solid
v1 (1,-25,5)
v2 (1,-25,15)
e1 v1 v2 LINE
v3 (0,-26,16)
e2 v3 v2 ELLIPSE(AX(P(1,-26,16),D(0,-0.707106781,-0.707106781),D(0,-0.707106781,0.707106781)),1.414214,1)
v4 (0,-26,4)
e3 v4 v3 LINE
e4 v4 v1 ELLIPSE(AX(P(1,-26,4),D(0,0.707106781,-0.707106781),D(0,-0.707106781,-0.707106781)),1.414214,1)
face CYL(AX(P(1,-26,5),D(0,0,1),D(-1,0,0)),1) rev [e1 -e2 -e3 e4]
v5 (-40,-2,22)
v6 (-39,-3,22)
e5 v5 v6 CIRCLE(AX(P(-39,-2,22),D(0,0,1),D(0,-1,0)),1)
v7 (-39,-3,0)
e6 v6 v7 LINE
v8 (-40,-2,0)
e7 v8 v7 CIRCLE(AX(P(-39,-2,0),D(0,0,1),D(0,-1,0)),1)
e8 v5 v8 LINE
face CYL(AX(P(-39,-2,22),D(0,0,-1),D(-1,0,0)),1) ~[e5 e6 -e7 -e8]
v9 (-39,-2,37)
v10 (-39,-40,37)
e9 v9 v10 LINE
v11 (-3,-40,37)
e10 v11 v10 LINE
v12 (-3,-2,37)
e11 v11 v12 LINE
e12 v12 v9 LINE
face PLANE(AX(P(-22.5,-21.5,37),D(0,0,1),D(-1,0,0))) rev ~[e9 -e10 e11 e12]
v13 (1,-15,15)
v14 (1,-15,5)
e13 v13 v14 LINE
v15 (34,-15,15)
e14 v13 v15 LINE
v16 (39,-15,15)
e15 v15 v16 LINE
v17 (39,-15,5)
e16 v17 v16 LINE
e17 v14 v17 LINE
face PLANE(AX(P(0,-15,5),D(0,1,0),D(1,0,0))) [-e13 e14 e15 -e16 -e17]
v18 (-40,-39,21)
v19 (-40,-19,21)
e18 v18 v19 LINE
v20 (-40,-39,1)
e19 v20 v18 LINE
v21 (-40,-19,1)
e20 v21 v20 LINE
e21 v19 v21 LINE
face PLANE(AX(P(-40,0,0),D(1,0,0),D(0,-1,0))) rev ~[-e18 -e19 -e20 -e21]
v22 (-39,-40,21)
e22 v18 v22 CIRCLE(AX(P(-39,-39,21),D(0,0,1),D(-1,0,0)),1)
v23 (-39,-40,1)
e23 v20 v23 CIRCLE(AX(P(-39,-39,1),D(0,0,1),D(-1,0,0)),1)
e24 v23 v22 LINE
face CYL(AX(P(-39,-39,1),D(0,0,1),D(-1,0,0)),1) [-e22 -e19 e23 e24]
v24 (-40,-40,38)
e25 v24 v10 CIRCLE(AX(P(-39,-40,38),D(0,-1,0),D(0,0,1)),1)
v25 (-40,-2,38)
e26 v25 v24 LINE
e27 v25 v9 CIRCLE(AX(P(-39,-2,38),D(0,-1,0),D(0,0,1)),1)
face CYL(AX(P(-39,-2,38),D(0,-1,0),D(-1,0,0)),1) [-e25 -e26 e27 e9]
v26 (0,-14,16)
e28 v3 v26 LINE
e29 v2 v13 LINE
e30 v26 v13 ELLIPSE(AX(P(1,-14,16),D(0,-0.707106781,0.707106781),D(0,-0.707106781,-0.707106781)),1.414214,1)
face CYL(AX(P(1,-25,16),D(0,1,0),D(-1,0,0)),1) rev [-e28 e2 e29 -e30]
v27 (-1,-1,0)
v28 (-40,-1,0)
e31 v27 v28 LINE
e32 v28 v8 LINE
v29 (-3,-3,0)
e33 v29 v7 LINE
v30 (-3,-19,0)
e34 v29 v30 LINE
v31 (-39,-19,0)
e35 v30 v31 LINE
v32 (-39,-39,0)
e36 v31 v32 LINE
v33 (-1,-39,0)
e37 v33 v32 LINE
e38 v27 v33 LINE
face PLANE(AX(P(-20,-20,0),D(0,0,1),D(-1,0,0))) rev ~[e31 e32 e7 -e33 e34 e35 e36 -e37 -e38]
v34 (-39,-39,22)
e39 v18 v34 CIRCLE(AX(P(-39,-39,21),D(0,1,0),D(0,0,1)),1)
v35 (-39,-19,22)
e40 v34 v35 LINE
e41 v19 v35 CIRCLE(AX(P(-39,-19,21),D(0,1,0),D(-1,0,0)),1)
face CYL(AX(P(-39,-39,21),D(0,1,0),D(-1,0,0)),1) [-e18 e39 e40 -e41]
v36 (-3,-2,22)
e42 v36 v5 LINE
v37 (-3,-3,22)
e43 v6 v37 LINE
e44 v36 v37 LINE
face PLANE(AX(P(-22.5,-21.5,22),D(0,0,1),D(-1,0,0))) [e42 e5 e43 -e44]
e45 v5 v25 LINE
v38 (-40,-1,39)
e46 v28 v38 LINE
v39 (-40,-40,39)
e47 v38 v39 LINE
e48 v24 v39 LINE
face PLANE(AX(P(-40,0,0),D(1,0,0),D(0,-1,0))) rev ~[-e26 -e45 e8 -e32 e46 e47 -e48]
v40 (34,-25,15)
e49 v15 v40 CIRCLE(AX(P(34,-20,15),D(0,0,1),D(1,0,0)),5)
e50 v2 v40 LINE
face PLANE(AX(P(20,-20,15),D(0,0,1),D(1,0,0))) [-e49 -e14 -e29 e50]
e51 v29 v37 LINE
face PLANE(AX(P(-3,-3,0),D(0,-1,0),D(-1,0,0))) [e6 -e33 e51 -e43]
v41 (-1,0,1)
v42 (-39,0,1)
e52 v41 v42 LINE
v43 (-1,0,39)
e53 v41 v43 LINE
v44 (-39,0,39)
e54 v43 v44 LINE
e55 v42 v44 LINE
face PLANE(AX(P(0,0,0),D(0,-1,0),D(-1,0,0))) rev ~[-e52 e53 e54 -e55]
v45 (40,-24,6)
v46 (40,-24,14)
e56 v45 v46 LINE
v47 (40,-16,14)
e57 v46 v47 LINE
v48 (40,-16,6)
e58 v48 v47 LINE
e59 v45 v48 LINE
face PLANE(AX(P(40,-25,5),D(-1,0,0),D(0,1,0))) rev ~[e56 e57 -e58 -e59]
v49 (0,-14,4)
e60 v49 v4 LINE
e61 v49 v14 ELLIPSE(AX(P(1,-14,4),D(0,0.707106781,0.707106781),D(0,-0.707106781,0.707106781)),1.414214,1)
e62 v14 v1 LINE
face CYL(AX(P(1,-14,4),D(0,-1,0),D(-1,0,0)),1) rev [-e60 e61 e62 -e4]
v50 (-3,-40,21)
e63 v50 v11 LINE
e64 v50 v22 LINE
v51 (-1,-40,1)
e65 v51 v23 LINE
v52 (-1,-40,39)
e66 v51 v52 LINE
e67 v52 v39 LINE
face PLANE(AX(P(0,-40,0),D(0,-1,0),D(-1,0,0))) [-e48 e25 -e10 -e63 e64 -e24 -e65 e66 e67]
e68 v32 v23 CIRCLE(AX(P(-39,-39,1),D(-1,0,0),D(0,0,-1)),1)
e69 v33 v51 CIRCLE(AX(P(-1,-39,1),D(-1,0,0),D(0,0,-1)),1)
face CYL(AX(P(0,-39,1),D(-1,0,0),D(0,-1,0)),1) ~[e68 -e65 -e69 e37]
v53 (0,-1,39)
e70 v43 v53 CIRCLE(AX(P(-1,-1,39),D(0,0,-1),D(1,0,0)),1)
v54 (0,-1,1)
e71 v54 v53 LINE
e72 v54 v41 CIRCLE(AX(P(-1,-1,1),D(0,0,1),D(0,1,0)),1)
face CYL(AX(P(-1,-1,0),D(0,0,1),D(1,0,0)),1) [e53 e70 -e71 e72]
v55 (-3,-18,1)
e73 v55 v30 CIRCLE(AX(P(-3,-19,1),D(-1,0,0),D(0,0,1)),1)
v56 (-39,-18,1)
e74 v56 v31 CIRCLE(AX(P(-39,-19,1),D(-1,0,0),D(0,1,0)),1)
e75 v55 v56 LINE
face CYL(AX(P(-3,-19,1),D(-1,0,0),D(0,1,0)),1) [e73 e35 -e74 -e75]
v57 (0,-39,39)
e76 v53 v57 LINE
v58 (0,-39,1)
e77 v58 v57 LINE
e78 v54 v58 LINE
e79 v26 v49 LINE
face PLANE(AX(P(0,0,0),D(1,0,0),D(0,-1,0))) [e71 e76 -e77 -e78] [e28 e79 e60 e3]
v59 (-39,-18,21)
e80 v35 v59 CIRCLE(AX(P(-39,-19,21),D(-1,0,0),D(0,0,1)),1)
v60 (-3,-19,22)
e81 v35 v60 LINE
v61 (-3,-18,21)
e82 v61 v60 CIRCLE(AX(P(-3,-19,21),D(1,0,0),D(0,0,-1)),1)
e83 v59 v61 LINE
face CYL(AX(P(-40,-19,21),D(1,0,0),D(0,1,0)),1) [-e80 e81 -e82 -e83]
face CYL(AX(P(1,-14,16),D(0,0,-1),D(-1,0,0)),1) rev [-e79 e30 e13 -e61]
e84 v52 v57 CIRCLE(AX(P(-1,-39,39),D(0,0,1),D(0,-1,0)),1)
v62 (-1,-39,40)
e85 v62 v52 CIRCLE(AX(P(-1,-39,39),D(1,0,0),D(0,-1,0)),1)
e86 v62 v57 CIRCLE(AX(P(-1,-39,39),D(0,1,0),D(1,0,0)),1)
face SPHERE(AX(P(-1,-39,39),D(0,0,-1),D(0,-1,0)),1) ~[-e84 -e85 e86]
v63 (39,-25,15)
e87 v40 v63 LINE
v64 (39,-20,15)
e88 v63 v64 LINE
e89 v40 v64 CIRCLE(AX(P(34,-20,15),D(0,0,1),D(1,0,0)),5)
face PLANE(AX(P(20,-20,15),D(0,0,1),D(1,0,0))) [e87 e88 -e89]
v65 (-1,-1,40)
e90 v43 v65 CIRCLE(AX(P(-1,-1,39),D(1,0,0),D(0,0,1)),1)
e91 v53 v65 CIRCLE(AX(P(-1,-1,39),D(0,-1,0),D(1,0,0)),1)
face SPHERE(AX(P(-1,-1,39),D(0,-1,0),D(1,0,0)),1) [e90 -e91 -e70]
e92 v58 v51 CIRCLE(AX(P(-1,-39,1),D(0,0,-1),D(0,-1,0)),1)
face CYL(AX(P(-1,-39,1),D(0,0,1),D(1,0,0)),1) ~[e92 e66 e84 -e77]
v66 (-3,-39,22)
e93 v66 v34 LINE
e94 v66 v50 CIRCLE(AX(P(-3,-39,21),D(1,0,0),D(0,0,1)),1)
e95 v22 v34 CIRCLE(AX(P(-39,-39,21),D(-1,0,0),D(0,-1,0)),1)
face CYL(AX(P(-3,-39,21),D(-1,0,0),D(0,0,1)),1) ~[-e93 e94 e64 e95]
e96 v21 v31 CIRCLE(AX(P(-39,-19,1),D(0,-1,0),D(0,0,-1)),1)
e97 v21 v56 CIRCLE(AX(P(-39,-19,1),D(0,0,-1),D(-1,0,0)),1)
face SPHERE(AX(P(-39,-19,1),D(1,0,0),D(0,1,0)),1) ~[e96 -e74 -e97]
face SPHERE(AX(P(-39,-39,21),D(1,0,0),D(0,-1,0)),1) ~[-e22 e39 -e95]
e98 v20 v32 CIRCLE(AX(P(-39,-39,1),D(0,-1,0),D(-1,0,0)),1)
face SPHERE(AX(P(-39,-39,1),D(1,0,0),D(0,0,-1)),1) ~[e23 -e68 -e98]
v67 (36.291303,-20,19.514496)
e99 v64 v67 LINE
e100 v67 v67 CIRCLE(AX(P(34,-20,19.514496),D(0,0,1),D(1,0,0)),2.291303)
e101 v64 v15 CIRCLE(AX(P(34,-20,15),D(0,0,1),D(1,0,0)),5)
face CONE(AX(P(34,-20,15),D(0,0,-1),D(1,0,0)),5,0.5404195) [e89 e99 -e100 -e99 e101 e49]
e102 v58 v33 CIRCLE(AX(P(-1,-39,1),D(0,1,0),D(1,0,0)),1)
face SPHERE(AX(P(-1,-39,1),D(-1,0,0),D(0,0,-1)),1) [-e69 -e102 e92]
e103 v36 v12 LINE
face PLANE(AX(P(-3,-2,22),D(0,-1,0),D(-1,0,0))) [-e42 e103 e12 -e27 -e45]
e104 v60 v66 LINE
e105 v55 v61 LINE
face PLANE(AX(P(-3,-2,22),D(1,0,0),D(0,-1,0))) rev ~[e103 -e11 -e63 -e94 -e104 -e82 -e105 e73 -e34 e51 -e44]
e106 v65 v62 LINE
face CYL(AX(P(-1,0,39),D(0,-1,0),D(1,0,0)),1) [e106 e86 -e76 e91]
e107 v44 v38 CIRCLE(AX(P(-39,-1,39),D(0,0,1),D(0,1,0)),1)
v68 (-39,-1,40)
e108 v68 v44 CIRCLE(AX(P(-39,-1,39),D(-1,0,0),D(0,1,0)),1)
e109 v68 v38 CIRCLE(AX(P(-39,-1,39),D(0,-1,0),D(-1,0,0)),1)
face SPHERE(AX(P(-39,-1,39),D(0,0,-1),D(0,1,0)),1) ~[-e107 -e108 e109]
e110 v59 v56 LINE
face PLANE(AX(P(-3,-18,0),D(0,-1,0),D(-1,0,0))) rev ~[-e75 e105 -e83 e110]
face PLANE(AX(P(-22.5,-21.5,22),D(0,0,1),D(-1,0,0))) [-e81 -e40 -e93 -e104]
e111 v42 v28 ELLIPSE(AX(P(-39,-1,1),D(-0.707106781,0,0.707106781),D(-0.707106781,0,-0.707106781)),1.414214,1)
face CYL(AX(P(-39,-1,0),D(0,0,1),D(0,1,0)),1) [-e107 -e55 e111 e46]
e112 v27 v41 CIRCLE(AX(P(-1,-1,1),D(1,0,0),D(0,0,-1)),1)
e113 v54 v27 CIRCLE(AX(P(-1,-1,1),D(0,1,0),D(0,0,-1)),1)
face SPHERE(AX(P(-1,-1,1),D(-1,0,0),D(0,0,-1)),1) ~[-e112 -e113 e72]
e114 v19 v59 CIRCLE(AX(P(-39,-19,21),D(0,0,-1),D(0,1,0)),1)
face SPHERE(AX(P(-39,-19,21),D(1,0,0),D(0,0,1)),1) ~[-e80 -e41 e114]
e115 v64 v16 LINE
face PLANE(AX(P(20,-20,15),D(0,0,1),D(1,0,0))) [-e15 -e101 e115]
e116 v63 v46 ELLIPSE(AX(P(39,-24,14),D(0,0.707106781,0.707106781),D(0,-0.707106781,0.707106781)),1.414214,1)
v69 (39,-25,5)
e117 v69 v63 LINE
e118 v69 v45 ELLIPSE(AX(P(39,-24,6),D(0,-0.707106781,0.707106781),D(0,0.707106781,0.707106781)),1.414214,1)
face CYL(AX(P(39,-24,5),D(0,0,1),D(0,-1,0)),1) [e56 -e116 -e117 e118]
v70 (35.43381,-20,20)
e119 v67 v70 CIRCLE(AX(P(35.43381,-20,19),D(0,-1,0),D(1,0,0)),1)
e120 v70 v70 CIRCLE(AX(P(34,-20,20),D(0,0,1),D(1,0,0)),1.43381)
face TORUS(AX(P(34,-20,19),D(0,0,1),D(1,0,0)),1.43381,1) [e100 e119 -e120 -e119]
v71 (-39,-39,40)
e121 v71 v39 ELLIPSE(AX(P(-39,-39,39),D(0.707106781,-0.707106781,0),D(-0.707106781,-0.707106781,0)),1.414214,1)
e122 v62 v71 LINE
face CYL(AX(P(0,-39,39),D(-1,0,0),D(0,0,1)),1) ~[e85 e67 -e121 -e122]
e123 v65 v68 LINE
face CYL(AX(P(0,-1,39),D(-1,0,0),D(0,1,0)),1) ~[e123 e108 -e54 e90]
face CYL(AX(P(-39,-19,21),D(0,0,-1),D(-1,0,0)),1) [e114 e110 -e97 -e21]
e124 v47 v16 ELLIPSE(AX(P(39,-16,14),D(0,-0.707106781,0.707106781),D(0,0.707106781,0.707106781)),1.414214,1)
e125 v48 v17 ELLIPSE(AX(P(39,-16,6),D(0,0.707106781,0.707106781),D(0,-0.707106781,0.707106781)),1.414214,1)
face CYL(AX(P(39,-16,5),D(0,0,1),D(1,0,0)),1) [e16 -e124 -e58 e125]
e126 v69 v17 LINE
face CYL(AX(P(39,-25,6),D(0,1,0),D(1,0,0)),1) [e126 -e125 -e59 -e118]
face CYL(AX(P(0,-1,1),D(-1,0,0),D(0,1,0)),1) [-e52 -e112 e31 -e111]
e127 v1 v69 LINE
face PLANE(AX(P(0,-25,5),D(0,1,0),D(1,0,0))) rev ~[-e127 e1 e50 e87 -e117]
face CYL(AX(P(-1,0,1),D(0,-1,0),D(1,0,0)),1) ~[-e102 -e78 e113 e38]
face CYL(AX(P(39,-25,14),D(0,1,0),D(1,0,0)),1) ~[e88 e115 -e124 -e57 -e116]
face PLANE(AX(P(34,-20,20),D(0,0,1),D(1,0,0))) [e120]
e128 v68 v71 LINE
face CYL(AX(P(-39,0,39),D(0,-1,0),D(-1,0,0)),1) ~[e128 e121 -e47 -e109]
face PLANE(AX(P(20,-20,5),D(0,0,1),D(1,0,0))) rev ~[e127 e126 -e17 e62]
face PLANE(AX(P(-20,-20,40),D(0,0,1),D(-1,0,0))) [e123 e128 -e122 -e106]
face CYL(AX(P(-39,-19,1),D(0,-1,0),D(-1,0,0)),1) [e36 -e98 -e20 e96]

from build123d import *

# Parameters (mm, degrees)
FILLET008_R               = 1
BOX003_W                  = 40
BOX003_H                  = 10
BOX003_DEPTH              = 10
FILLET007_R               = 1
BOX002_W                  = 39
BOX002_H                  = 15
BOX002_DEPTH              = 37
BOX001_W                  = 39
BOX001_H                  = 39
BOX001_DEPTH              = 15
BOX_W                     = 40
BOX_H                     = 40
BOX_DEPTH                 = 40
FILLET_R                  = 1
FILLET001_R               = 1
FILLET002_R               = 1
FILLET003_R               = 1
FILLET004_R               = 1
FILLET005_R               = 1
FILLET006_R               = 1
FILLET006_PLACEMENT_ANGLE = 180
FILLET009_R               = 1
FILLET010_R               = 1
FILLET011_R               = 1
FILLET012_R               = 1


with BuildPart() as fillet008:
    # Cone → Cone (revolve)
    with BuildSketch(Plane(origin=(35, -20, 15), x_dir=(1, 0, 0), z_dir=(0, -1, 0))):
        Polygon((0, 0), (5, 0), (2, 5), (0, 5), align=None)
    revolve(axis=Axis((35, -20, 15), (0, 0, 1)))

    # Fillet008
    fillet008_edges = [fillet008.edges().sort_by_distance(p)[0] for p in [
        (33, -20, 20),
    ]]
    fillet(fillet008_edges, radius=FILLET008_R)


with BuildPart() as fillet008_1:
    # Fillet008 placement: moved
    add(fillet008.part.moved(Location((-1, 0, 0))))


with BuildPart() as fillet007:
    # Box003 → Box003 (new body)
    with BuildSketch(Plane(origin=(0, -25, 5), x_dir=(1, 0, 0), z_dir=(0, 0, 1))):
        with Locations((20, 5)):
            Rectangle(BOX003_W, BOX003_H)
    extrude(amount=BOX003_DEPTH)

    # Fillet007
    fillet007_edges = [fillet007.edges().sort_by_distance(p)[0] for p in [
        (40, -25, 10),
        (40, -20, 15),
        (40, -15, 10),
        (40, -20, 5),
    ]]
    fillet(fillet007_edges, radius=FILLET007_R)


with BuildPart() as cube002:
    # Box002 → Box002 (new body)
    with BuildSketch(Plane(origin=(3, 3, 0), x_dir=(1, 0, 0), z_dir=(0, 0, 1))):
        with Locations((19.5, 7.5)):
            Rectangle(BOX002_W, BOX002_H)
    extrude(amount=BOX002_DEPTH)


with BuildPart() as cube001:
    # Box001 → Box001 (new body)
    with BuildSketch(Plane(origin=(3, 2, 22), x_dir=(1, 0, 0), z_dir=(0, 0, 1))):
        with Locations((19.5, 19.5)):
            Rectangle(BOX001_W, BOX001_H)
    extrude(amount=BOX001_DEPTH)


with BuildPart() as fusion001:
    # Box → Box (new body)
    with BuildSketch(Plane.XY):
        with Locations((20, 20)):
            Rectangle(BOX_W, BOX_H)
    extrude(amount=BOX_DEPTH)

    # Cut: cut Cube001
    add(cube001.part, mode=Mode.SUBTRACT)

    # Cut001: cut Cube002
    add(cube002.part, mode=Mode.SUBTRACT)

    # Fillet
    fillet_edges = [fusion001.edges().sort_by_distance(p)[0] for p in [
        (21.5, 18, 22),
    ]]
    fillet(fillet_edges, radius=FILLET_R)

    # Fillet001
    fillet001_edges = [fusion001.edges().sort_by_distance(p)[0] for p in [
        (21.5, 18, 0),
    ]]
    fillet(fillet001_edges, radius=FILLET001_R)

    # Fillet002
    fillet002_edges = [fusion001.edges().sort_by_distance(p)[0] for p in [
        (20, 40, 0),
        (21.5, 40, 22),
    ]]
    fillet(fillet002_edges, radius=FILLET002_R)

    # Fillet003
    fillet003_edges = [fusion001.edges().sort_by_distance(p)[0] for p in [
        (20, 0, 0),
        (0, 40, 20.5),
        (20, 40, 40),
        (0, 20, 40),
        (0, 0, 20),
        (40, 0, 20),
        (20, 0, 40),
        (40, 20, 40),
    ]]
    fillet(fillet003_edges, radius=FILLET003_R)

    # Fillet004
    fillet004_edges = [fusion001.edges().sort_by_distance(p)[0] for p in [
        (40, 3, 11),
    ]]
    fillet(fillet004_edges, radius=FILLET004_R)

    # Fillet005
    fillet005_edges = [fusion001.edges().sort_by_distance(p)[0] for p in [
        (40, 21, 37),
    ]]
    fillet(fillet005_edges, radius=FILLET005_R)

    # Fillet006
    fillet006_edges = [fusion001.edges().sort_by_distance(p)[0] for p in [
        (40, 40, 11),
        (40, 29, 0),
        (40, 29, 22),
        (40, 18, 11),
    ]]
    fillet(fillet006_edges, radius=FILLET006_R)


with BuildPart() as fusion001_1:
    # Fillet006 placement: moved
    add(fusion001.part.rotate(Axis((0, 0, 0), (0, 0, 1)), FILLET006_PLACEMENT_ANGLE))

    # Fusion: union Fillet007
    add(fillet007.part)

    # Fillet009
    fillet009_edges = [fusion001_1.edges().sort_by_distance(p)[0] for p in [
        (0, -20, 15),
    ]]
    fillet(fillet009_edges, radius=FILLET009_R)

    # Fillet010
    fillet010_edges = [fusion001_1.edges().sort_by_distance(p)[0] for p in [
        (0, -15, 10),
    ]]
    fillet(fillet010_edges, radius=FILLET010_R)

    # Fillet011
    fillet011_edges = [fusion001_1.edges().sort_by_distance(p)[0] for p in [
        (0, -25, 10),
    ]]
    fillet(fillet011_edges, radius=FILLET011_R)

    # Fillet012
    fillet012_edges = [fusion001_1.edges().sort_by_distance(p)[0] for p in [
        (0, -20, 5),
    ]]
    fillet(fillet012_edges, radius=FILLET012_R)

    # Fusion001: union Fillet008
    add(fillet008_1.part)


solid = fusion001_1.part
